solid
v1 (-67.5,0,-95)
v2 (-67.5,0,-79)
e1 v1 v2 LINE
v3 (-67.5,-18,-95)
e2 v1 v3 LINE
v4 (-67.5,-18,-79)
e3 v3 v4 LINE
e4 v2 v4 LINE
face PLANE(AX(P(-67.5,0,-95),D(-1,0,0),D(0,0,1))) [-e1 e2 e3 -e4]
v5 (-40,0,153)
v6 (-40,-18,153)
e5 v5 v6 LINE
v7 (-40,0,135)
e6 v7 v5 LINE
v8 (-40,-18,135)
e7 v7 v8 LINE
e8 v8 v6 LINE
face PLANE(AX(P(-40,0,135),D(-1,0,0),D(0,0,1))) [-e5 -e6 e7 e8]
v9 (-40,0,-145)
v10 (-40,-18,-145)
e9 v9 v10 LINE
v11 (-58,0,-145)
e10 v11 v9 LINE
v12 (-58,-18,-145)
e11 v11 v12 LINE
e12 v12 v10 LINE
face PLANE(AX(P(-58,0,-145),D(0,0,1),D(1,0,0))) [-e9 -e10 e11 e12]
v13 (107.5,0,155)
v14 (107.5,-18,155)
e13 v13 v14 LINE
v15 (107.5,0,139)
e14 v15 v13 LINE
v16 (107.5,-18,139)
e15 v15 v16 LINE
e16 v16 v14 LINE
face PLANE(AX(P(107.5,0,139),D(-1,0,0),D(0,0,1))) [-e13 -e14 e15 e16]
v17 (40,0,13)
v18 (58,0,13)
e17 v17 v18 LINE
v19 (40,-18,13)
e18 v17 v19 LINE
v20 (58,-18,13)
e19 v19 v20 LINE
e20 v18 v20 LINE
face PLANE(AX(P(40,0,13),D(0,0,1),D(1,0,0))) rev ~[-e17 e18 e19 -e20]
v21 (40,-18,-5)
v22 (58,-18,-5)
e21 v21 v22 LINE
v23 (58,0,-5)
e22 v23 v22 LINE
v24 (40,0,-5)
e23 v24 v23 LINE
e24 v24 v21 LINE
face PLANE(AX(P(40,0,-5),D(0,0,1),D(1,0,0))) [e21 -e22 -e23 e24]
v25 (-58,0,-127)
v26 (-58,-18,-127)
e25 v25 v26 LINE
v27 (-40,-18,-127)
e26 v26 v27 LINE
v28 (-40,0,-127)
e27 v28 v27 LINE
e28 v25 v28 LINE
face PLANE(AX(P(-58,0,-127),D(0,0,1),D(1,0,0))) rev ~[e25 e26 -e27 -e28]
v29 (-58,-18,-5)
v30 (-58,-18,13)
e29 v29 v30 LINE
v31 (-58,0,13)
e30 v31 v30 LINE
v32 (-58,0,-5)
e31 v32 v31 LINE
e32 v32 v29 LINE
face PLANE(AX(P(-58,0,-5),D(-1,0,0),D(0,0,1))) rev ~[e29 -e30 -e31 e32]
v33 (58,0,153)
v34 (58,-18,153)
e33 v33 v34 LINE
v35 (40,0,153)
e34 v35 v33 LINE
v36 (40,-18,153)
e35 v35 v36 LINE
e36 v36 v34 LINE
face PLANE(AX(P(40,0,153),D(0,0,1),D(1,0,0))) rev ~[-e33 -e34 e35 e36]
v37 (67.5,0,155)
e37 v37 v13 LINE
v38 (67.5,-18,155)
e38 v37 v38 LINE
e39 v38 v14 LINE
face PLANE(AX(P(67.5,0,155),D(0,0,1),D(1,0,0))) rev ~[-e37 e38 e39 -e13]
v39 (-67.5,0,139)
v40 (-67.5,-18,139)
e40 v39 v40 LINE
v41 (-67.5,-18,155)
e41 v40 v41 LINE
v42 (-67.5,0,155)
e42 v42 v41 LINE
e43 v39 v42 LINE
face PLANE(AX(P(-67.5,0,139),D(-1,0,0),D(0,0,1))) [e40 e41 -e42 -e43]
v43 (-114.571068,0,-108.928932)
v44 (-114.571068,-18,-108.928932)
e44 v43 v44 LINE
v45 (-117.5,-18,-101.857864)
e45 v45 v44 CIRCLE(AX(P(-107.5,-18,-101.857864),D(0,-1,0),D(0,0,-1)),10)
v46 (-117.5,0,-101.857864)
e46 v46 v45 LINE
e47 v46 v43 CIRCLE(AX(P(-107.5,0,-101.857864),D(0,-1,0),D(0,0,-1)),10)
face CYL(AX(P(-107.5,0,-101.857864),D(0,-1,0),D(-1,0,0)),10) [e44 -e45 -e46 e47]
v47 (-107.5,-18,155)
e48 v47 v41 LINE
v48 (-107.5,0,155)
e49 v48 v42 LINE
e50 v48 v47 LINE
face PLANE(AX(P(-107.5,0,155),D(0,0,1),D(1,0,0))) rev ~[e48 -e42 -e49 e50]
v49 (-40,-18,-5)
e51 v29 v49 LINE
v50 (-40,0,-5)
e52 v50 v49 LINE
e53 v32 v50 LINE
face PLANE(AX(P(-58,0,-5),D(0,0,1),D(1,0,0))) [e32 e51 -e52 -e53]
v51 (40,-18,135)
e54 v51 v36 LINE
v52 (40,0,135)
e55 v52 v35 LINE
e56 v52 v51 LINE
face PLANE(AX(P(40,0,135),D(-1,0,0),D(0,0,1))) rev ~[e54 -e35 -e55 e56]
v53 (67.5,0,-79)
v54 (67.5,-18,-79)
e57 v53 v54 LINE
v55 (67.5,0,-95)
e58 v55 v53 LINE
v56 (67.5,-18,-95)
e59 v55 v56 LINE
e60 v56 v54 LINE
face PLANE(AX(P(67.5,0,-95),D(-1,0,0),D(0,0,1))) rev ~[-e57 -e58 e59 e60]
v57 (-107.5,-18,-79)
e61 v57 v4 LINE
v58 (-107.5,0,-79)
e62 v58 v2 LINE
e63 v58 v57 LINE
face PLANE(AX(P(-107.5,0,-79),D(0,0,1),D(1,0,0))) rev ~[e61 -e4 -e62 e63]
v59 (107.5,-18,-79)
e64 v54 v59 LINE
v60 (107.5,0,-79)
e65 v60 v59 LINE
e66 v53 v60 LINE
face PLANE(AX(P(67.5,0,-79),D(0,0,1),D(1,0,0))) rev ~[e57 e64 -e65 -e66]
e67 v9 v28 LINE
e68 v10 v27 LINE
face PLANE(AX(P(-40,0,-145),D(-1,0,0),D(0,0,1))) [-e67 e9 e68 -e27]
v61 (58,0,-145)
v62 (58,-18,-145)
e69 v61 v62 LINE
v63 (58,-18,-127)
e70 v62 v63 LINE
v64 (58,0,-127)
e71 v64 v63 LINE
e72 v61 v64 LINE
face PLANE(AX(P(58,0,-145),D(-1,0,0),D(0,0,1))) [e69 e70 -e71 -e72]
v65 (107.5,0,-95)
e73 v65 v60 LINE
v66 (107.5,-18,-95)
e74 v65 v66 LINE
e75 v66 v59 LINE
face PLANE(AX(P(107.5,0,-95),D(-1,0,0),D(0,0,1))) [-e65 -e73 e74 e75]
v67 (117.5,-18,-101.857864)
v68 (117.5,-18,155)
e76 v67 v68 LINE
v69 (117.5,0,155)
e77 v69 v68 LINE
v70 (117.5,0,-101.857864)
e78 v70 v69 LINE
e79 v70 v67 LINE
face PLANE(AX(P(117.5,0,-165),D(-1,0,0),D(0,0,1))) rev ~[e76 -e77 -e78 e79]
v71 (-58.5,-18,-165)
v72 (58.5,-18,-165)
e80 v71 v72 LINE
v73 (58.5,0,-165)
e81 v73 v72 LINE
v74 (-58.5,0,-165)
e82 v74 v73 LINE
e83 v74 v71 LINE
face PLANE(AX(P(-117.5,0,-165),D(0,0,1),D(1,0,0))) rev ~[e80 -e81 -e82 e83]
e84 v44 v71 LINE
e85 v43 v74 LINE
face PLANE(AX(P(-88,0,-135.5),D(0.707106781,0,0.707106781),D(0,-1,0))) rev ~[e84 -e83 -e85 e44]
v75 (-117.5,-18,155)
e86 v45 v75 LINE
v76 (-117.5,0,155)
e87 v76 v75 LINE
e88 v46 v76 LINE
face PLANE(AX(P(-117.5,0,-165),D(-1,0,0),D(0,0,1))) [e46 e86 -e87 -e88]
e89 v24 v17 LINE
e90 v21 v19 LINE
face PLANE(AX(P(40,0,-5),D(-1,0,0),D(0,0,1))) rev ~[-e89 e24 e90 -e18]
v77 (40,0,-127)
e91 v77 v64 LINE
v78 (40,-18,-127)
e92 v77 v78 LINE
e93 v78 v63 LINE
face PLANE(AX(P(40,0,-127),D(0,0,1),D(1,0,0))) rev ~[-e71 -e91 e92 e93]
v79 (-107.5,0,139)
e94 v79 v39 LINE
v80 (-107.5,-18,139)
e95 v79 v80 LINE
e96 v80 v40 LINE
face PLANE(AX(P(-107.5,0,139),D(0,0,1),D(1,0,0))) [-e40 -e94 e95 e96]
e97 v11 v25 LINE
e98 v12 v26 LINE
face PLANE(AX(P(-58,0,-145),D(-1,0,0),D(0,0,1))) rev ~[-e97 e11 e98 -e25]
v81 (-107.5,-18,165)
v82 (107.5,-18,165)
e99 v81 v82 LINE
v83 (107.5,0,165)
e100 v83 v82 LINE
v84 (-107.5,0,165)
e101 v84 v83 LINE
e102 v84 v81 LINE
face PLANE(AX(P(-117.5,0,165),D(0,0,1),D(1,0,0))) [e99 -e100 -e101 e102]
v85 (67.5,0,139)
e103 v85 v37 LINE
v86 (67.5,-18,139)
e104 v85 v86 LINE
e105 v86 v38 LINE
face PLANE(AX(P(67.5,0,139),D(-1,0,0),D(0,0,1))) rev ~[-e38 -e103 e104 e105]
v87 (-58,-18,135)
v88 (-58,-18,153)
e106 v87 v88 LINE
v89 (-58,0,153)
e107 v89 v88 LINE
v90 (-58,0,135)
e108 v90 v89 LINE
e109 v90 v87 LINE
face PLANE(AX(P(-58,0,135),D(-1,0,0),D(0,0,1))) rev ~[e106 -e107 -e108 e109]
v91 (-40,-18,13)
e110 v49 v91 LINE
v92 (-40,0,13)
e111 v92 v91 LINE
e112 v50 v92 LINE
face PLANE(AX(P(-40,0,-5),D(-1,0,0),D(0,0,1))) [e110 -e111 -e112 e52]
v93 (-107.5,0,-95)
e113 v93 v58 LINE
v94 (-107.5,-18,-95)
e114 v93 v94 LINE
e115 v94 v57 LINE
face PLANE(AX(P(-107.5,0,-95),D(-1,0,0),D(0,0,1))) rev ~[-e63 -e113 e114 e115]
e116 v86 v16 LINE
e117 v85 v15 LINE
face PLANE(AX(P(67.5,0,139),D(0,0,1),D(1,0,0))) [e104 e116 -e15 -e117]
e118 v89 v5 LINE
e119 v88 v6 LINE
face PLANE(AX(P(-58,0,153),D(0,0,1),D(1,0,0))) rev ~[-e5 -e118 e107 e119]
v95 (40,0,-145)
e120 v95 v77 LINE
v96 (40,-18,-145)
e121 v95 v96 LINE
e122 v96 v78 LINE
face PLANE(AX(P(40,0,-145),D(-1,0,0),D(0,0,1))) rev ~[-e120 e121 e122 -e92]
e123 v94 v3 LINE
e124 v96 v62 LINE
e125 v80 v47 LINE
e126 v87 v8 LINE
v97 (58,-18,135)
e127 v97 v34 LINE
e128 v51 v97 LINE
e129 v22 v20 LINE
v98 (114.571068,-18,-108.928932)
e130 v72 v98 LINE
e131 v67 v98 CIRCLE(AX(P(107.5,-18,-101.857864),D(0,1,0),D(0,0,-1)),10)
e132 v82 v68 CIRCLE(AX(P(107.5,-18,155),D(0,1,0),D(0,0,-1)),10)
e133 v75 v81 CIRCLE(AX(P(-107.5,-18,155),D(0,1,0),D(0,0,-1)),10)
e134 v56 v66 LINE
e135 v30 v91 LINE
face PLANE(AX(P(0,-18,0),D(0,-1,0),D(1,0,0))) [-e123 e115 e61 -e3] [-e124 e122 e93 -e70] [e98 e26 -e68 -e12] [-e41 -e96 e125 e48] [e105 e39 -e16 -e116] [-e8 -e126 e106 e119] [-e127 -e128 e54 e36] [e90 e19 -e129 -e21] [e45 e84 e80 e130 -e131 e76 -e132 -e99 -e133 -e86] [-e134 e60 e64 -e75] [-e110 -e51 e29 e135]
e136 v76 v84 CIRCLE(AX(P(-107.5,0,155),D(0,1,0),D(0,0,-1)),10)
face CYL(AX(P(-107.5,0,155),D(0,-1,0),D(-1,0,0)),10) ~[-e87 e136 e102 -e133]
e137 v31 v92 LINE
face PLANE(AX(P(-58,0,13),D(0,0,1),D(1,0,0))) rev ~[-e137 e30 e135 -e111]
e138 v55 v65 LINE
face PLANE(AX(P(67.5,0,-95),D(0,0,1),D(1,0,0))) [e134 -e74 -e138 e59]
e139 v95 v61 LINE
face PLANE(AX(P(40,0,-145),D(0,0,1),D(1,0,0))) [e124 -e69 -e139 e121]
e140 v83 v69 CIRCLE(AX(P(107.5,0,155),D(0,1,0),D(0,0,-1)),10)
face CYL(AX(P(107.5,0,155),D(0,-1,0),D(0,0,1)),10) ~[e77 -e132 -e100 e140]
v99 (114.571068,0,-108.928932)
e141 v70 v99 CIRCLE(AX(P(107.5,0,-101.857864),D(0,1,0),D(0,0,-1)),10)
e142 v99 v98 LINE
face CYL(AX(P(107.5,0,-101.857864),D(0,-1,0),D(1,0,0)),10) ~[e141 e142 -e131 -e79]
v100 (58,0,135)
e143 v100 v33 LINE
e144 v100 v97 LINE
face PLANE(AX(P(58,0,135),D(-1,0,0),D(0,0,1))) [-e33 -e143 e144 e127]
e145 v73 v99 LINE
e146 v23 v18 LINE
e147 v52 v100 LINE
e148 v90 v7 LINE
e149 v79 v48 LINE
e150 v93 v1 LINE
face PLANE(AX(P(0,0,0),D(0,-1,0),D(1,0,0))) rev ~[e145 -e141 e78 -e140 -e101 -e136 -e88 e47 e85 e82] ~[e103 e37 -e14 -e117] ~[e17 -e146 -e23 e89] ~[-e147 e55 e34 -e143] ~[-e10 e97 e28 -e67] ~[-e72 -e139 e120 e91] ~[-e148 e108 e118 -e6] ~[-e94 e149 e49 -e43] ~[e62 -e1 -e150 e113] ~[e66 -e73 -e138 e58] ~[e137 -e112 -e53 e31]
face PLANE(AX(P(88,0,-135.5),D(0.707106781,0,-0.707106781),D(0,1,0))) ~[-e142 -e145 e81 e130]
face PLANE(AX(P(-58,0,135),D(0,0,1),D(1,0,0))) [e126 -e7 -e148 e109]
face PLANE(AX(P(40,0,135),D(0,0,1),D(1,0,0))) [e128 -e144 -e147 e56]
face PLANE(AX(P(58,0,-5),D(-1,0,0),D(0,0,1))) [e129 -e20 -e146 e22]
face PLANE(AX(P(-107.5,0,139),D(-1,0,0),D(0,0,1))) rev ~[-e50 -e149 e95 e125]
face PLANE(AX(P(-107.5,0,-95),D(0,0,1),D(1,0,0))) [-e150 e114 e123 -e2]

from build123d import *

# Parameters (mm, degrees)
F0_W     = 235
F0_H     = 330
F0_W_2   = 40
F0_H_2   = 16
F0_W_3   = 18
F0_H_3   = 18
F1_DEPTH = 18
F2_SIZE  = 59
F3_R     = 10


with BuildPart() as f1:
    # F0 (on Front) → F1 (new body)
    with BuildSketch(Plane.XZ):
        Rectangle(F0_W, F0_H)
        with Locations((-87.5, -87)):
            Rectangle(F0_W_2, F0_H_2, mode=Mode.SUBTRACT)
        with Locations((-49, -136)):
            Rectangle(F0_W_3, F0_H_3, mode=Mode.SUBTRACT)
        with Locations((49, -136)):
            Rectangle(F0_W_3, F0_H_3, mode=Mode.SUBTRACT)
        with Locations((87.5, -87)):
            Rectangle(F0_W_2, F0_H_2, mode=Mode.SUBTRACT)
        with Locations((-49, 4)):
            Rectangle(F0_W_3, F0_H_3, mode=Mode.SUBTRACT)
        with Locations((-87.5, 147)):
            Rectangle(F0_W_2, F0_H_2, mode=Mode.SUBTRACT)
        with Locations((-49, 144)):
            Rectangle(F0_W_3, F0_H_3, mode=Mode.SUBTRACT)
        with Locations((49, 4)):
            Rectangle(F0_W_3, F0_H_3, mode=Mode.SUBTRACT)
        with Locations((49, 144)):
            Rectangle(F0_W_3, F0_H_3, mode=Mode.SUBTRACT)
        with Locations((87.5, 147)):
            Rectangle(F0_W_2, F0_H_2, mode=Mode.SUBTRACT)
    extrude(amount=F1_DEPTH)

    # F2
    f2_edges = [f1.edges().sort_by_distance(p)[0] for p in [
        (117.5, -9, -165),
        (-117.5, -9, -165),
    ]]
    chamfer(f2_edges, length=F2_SIZE)

    # F3
    f3_edges = [f1.edges().sort_by_distance(p)[0] for p in [
        (117.5, -9, 165),
        (117.5, -9, -106),
        (-117.5, -9, 165),
        (-117.5, -9, -106),
    ]]
    fillet(f3_edges, radius=F3_R)


solid = f1.part
